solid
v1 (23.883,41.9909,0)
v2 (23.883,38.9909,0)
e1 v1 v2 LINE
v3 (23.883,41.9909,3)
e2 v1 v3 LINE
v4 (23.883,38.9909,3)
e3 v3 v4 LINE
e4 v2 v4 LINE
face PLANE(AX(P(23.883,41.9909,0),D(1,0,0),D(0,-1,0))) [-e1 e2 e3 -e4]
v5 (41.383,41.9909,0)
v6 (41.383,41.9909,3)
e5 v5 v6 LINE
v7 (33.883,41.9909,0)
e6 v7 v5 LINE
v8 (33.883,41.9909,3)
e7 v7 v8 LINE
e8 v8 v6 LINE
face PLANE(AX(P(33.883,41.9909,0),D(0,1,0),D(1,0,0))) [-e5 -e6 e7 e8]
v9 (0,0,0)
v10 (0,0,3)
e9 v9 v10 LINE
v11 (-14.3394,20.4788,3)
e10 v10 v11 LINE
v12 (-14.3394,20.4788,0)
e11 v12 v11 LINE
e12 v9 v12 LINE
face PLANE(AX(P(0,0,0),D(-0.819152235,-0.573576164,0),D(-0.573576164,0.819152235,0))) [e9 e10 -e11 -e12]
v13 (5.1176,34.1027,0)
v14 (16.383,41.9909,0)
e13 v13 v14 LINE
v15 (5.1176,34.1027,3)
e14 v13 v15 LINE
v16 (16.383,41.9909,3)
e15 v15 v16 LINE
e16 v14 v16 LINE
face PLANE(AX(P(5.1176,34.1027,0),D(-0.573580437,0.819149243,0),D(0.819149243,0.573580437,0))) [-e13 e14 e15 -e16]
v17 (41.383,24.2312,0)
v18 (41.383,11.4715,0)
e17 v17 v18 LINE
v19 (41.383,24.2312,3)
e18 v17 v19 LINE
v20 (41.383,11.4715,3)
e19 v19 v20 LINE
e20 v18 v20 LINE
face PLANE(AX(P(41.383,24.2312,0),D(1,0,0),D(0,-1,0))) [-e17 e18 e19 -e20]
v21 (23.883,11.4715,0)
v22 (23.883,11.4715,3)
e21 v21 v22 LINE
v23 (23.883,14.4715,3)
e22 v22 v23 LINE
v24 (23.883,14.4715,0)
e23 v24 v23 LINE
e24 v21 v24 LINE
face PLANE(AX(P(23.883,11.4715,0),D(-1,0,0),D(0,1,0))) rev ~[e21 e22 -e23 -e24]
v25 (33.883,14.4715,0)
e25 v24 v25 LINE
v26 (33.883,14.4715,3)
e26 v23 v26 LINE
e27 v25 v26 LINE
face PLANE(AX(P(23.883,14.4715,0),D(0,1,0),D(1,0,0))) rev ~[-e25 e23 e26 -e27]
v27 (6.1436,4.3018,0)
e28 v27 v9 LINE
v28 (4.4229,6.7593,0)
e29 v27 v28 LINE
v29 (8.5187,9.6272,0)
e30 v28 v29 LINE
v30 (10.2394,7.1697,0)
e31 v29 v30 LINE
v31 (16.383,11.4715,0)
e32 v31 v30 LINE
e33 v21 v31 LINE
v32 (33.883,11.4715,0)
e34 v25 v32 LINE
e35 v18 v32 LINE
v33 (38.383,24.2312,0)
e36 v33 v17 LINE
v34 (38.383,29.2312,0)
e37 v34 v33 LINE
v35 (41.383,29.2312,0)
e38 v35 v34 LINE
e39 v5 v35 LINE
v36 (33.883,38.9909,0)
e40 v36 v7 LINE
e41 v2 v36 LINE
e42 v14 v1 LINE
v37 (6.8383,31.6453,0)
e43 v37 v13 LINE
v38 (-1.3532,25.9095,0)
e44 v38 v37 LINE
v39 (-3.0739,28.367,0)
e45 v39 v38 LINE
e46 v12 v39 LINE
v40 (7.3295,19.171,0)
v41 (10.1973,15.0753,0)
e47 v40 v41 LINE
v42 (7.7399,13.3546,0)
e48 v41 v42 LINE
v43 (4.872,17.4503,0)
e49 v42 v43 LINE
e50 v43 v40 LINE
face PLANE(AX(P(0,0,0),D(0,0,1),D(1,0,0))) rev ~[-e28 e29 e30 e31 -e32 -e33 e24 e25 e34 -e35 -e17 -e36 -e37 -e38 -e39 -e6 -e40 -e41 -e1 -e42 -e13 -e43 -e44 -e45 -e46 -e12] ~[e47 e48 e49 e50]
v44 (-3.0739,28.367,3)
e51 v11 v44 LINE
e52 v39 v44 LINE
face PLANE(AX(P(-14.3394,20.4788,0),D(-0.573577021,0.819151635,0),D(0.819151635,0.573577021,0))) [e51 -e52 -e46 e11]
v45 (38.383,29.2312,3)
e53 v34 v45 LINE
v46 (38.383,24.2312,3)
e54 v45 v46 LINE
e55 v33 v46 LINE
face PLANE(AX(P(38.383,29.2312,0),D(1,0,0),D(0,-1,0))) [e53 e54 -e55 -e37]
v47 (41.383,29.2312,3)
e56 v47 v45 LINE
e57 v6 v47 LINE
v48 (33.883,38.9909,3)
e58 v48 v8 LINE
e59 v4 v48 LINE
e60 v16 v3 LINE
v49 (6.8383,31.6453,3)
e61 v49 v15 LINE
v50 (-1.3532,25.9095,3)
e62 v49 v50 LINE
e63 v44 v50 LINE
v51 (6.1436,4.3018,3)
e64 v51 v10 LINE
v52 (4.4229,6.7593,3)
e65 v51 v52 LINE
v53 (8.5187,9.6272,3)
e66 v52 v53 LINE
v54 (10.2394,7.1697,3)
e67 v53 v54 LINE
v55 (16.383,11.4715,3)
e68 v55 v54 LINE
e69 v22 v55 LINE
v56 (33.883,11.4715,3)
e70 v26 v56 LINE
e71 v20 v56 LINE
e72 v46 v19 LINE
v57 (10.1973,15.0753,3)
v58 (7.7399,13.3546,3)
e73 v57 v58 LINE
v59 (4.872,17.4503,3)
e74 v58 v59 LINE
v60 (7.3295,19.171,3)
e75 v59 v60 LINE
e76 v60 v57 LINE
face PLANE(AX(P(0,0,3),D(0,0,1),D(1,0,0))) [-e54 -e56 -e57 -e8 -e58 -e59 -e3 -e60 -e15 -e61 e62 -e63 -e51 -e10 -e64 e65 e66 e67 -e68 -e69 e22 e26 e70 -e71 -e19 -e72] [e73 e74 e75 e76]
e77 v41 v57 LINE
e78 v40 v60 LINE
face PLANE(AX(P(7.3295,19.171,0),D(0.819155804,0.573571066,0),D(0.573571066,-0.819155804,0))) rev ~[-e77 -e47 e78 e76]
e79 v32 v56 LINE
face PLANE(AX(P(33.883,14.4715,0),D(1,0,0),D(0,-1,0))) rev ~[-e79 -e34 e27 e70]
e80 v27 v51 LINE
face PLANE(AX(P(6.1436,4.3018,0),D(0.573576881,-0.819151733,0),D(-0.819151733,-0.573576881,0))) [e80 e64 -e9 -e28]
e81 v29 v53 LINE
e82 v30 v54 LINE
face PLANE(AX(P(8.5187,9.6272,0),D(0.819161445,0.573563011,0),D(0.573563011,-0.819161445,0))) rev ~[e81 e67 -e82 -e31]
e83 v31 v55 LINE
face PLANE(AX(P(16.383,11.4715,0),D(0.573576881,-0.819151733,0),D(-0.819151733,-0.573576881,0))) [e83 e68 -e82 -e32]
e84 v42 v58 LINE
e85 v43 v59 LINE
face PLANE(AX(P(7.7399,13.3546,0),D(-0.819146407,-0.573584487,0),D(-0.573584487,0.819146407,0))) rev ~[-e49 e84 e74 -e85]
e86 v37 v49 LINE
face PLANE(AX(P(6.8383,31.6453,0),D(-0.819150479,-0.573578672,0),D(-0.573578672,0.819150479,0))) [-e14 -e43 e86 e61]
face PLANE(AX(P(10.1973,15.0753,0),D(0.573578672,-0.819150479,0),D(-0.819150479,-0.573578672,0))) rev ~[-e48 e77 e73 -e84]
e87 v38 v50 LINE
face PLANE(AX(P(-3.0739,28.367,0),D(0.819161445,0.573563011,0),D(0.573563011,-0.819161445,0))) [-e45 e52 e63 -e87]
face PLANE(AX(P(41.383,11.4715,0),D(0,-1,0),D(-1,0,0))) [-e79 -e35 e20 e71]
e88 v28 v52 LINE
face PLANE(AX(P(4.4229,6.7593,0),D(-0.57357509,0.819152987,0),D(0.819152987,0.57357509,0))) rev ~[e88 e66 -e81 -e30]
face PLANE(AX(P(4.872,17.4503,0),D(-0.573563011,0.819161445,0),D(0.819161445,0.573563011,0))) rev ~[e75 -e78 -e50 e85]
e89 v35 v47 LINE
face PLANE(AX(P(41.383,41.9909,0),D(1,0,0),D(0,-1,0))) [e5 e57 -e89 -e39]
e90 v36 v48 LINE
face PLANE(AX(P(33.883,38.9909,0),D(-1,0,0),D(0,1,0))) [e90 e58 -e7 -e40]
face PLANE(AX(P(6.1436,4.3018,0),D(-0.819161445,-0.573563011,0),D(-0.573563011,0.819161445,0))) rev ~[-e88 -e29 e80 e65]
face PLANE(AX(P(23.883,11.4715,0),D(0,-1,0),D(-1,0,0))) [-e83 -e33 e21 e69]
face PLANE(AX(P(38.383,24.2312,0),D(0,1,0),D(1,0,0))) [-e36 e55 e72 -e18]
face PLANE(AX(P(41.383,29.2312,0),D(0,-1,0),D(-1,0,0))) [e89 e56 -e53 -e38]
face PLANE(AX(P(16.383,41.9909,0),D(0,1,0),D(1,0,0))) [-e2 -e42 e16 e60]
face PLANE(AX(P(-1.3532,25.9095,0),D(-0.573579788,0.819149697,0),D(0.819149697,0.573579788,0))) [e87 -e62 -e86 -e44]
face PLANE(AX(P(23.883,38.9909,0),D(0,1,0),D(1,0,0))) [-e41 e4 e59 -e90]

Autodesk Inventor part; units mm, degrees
ref_plane "YZ Plane" through (0, 0, 0) normal (1, 0, 0) x (0, 1, 0)
ref_plane "XZ Plane" through (0, 0, 0) normal (0, 1, 0) x (-1, 0, 0)
ref_plane "XY Plane" through (0, 0, 0) normal (0, 0, 1) x (1, 0, 0)
sketch "Boceto1" plane through (0, 0, 0) normal (0, 0, 1) x (1, 0, 0)
  line L0 (0, 0) -> (-14.3394, 20.4788)
  line L1 (16.383, 41.9909) -> (16.383, 11.4715)
  line L2 (7.3295, 19.171) -> (10.1973, 15.0753)
  line L3 (10.1973, 15.0753) -> (7.7399, 13.3546)
  line L4 (7.7399, 13.3546) -> (4.872, 17.4503)
  line L5 (4.872, 17.4503) -> (7.3295, 19.171)
  line L6 (23.883, 11.4715) -> (23.883, 14.4715)
  line L7 (23.883, 14.4715) -> (33.883, 14.4715)
  line L8 (33.883, 14.4715) -> (33.883, 11.4715)
  line L9 (41.383, 11.4715) -> (33.883, 11.4715)
  line L10 (23.883, 11.4715) -> (16.383, 11.4715)
  line L11 (41.383, 29.2312) -> (38.383, 29.2312)
  line L12 (38.383, 29.2312) -> (38.383, 24.2312)
  line L13 (38.383, 24.2312) -> (41.383, 24.2312)
  line L14 (41.383, 41.9909) -> (41.383, 29.2312)
  line L15 (41.383, 24.2312) -> (41.383, 11.4715)
  line L16 (23.883, 41.9909) -> (23.883, 38.9909)
  line L17 (23.883, 38.9909) -> (33.883, 38.9909)
  line L18 (33.883, 38.9909) -> (33.883, 41.9909)
  line L19 (16.383, 41.9909) -> (23.883, 41.9909)
  line L20 (33.883, 41.9909) -> (41.383, 41.9909)
  line L21 (-3.0739, 28.367) -> (-1.3532, 25.9095)
  line L22 (-1.3532, 25.9095) -> (6.8383, 31.6453)
  line L23 (6.8383, 31.6453) -> (5.1176, 34.1027)
  line L24 (-14.3394, 20.4788) -> (-3.0739, 28.367)
  line L25 (5.1176, 34.1027) -> (16.383, 41.9909)
  line L26 (6.1436, 4.3018) -> (4.4229, 6.7593)
  line L27 (4.4229, 6.7593) -> (8.5187, 9.6272)
  line L28 (8.5187, 9.6272) -> (10.2394, 7.1697)
  line L29 (16.383, 11.4715) -> (10.2394, 7.1697)
  line L30 (6.1436, 4.3018) -> (0, 0)
  line L31 (16.383, 11.4715) -> (3.7644, 29.4929)
  dimension "d8" = 20
  dimension "d9" = 25
  dimension "d14" = 5
  dimension "d22" = 14
  dimension "d23" = 3
  dimension "d26" = 3
  dimension "d27" = 10
  dimension "d31" = 5
  dimension "d32" = 3
  dimension "d34" = 37.5052
  dimension "d35" = 10
  dimension "d40" = 5
  dimension "d41" = 3
  dimension "d42" = 25
  dimension "d43" = 125
  dimension "d45" = 3
  dimension "d47" = 3.5
extrude "Extrusión1" add sketch "Boceto1" along normal blind 3
properties part number "Lateral"
